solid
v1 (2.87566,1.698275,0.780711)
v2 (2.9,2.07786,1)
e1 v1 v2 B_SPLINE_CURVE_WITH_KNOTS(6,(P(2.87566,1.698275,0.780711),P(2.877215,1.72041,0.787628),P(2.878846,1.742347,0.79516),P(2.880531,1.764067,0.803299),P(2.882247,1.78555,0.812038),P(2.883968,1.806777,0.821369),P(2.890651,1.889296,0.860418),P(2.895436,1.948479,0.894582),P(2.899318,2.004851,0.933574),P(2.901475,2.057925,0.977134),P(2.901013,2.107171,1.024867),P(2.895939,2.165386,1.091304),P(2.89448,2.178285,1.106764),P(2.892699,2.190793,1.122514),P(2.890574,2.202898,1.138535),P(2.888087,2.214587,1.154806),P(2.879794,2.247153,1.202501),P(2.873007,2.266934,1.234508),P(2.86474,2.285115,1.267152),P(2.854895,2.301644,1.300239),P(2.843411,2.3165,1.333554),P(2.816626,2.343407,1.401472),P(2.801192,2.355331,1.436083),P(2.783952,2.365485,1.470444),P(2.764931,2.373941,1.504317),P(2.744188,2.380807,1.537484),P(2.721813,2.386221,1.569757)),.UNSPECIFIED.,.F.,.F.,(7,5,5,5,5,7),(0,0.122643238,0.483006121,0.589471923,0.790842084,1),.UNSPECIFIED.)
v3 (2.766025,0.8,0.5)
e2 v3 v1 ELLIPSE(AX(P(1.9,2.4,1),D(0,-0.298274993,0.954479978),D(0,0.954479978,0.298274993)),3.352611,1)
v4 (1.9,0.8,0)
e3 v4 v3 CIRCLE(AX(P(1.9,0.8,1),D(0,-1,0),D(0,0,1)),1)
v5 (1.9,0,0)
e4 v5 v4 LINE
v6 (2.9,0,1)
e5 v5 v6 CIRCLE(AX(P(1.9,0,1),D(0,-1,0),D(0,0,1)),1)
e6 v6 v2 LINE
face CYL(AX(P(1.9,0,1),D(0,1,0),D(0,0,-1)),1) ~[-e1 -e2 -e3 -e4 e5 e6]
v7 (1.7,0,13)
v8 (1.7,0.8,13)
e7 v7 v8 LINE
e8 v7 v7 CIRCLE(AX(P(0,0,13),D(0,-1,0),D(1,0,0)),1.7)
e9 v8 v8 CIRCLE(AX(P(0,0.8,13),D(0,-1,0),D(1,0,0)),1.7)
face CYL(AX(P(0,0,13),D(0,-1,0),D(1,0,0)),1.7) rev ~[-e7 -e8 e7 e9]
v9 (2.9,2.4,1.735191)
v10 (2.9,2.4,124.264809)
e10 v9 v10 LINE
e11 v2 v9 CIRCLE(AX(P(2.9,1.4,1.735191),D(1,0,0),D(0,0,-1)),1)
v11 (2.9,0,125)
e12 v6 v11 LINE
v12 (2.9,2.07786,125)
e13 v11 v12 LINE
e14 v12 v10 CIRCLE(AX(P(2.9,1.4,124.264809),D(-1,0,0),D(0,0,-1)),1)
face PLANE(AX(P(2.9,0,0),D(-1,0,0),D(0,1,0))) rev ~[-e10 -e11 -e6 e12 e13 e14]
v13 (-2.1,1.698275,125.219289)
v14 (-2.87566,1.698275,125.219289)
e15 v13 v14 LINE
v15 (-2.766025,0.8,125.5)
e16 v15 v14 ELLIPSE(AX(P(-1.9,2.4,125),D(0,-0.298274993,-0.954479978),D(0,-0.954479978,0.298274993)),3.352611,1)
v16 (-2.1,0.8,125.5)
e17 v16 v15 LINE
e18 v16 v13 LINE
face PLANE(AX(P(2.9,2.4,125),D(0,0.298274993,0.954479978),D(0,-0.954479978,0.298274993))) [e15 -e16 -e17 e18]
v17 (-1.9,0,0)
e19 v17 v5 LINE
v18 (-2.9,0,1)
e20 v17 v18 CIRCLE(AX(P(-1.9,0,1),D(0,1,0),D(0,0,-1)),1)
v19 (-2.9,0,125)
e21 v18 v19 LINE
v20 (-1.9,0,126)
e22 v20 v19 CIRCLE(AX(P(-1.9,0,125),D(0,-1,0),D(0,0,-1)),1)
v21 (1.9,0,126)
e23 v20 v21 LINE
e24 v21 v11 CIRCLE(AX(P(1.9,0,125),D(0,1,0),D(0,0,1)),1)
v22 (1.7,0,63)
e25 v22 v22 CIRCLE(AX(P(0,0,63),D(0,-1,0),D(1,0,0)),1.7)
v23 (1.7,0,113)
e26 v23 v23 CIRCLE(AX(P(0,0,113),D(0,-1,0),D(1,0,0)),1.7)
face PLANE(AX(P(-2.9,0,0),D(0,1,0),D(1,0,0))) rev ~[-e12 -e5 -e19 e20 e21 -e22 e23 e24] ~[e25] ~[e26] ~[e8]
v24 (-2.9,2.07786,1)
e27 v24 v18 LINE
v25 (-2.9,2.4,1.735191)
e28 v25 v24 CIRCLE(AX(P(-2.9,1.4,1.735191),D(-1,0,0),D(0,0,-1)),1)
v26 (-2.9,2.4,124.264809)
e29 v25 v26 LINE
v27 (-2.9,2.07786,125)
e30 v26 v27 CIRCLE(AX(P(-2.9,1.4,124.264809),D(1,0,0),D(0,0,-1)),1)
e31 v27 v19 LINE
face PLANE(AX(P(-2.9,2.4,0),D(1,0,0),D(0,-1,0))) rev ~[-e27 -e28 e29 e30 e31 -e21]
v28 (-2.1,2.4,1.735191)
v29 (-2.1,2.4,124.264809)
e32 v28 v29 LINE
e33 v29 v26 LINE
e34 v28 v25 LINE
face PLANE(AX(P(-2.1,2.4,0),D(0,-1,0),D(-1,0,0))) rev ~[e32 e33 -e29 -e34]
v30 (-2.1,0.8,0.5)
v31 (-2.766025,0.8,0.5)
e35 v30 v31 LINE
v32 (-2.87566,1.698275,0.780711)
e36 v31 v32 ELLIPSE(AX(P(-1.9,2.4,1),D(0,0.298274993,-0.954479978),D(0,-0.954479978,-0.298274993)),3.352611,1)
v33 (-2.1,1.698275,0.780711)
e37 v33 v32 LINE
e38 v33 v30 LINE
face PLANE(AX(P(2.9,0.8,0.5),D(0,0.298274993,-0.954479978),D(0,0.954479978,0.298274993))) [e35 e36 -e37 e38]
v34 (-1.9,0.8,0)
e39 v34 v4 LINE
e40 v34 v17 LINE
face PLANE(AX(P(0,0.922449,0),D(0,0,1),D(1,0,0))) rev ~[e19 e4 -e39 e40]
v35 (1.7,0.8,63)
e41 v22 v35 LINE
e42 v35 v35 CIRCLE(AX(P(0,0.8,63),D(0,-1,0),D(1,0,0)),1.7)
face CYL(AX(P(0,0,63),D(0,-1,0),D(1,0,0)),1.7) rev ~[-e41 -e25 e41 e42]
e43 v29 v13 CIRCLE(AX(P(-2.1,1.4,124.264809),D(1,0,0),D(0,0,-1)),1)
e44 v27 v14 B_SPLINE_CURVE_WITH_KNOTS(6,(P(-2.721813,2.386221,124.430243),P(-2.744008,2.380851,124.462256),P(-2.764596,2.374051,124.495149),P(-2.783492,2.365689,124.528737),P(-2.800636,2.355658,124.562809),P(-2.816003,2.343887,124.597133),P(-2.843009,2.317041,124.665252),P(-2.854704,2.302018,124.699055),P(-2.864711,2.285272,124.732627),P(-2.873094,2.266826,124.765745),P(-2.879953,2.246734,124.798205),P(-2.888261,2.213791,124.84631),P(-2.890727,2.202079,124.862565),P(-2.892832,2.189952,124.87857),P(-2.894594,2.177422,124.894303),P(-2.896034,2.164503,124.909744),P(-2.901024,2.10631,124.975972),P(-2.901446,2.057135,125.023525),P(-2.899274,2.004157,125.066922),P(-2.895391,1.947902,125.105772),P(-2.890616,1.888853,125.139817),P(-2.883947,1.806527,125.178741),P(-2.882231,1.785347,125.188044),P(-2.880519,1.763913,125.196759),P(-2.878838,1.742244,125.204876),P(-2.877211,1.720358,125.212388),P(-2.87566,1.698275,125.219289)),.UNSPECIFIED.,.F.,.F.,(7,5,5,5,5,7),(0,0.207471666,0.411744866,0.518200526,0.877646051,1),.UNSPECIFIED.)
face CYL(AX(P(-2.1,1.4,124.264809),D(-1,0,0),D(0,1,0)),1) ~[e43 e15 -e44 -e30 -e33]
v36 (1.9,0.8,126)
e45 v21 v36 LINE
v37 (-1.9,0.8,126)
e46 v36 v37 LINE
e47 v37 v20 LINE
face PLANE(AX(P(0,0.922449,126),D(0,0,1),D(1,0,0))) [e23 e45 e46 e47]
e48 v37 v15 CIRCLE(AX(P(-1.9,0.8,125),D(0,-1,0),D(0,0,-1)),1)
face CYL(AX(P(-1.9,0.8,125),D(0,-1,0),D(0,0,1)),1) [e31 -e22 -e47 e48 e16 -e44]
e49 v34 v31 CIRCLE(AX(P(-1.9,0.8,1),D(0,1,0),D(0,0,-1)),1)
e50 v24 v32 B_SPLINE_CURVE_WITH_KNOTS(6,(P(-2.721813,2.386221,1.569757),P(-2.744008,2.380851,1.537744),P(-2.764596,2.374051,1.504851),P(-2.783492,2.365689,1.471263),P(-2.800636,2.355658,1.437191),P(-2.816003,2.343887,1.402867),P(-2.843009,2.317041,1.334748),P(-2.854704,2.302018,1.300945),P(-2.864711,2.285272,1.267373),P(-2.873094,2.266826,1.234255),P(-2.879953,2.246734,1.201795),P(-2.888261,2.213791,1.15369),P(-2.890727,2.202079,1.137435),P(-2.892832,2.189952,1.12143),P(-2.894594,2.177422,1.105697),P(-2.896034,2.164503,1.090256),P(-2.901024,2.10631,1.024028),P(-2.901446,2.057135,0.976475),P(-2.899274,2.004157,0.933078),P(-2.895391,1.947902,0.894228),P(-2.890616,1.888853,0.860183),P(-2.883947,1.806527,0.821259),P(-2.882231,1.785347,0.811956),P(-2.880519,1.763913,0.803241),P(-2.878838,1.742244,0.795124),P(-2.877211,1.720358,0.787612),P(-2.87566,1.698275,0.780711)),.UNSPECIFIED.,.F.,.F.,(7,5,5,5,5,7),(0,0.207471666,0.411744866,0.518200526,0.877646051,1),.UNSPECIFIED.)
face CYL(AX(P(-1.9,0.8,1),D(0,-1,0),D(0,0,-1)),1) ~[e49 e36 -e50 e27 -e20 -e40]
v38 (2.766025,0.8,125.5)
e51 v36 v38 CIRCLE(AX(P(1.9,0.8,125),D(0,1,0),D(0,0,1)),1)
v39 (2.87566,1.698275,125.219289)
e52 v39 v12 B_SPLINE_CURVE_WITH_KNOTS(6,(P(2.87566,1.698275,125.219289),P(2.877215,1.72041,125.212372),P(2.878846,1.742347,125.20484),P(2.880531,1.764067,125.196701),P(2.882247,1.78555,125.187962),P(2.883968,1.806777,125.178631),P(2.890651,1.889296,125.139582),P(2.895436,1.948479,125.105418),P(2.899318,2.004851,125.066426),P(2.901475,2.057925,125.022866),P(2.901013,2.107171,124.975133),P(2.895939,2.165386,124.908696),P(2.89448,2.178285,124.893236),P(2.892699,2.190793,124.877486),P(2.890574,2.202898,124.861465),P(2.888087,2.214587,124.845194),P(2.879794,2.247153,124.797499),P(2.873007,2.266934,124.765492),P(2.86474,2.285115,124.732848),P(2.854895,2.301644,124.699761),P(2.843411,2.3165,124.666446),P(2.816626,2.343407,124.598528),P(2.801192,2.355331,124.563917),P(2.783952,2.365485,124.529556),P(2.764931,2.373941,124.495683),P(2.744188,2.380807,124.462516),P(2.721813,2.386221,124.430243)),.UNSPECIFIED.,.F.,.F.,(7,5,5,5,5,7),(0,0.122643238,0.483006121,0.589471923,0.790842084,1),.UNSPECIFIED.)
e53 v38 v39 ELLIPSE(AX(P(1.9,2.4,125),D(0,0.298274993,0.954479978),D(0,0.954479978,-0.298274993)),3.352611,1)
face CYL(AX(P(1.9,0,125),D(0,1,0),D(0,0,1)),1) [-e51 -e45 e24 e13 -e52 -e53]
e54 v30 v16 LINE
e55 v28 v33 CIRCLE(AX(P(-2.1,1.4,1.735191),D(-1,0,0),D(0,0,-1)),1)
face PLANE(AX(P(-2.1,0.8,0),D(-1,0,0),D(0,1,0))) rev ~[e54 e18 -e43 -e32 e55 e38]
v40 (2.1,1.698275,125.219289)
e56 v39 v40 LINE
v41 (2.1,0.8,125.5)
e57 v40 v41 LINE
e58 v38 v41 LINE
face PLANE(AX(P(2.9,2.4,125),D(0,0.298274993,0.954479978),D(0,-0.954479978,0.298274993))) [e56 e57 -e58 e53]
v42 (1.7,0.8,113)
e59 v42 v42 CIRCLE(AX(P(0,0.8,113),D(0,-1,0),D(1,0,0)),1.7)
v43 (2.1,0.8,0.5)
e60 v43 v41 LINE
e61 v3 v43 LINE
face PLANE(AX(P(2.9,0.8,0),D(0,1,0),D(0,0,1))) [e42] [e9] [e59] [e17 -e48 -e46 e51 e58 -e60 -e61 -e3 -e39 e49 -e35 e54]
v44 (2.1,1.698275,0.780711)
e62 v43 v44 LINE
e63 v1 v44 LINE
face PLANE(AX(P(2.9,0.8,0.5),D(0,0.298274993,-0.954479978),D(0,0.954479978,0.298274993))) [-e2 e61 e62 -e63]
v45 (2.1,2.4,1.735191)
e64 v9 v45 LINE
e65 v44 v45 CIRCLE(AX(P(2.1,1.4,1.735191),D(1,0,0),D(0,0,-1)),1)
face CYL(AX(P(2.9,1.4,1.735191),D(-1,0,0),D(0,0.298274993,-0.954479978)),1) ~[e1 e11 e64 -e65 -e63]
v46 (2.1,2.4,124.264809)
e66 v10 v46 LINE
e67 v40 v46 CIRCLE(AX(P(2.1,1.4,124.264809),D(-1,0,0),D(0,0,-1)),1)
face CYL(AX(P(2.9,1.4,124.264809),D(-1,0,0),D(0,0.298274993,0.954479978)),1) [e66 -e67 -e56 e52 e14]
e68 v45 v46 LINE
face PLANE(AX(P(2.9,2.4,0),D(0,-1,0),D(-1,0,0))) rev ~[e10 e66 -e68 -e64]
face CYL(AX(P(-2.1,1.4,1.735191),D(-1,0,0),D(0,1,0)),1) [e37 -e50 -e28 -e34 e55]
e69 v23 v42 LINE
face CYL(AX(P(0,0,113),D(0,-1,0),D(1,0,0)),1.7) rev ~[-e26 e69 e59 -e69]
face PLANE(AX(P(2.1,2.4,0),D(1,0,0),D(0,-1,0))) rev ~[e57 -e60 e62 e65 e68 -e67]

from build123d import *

# Parameters (mm, degrees)
PAD_DEPTH       = 126
POCKET_DEPTH    = 5.801
FILLET_R        = 1
FILLET001_R     = 1
SKETCH002_R     = 1.7
POCKET001_DEPTH = 5


with BuildPart() as part:
    # Sketch → Pad (new body)
    with BuildSketch(Plane.XY):
        Polygon((-2.9, 0), (2.9, 0), (2.9, 2.4), (2.1, 2.4), (2.1, 0.8), (-2.1, 0.8), (-2.1, 2.4), (-2.9, 2.4), align=None)
    extrude(amount=PAD_DEPTH)

    # Sketch001 → Pocket (cut, through all)
    with BuildSketch(Plane.YZ.offset(2.9)):
        Polygon((0.8, 0), (0.8, 0.5), (2.4, 1), (2.4, 0), align=None)
        Polygon((0.8, 126), (2.4, 126), (2.4, 125), (0.8, 125.5), align=None)
    extrude(amount=-POCKET_DEPTH, mode=Mode.SUBTRACT)

    # Fillet
    fillet_edges = [part.edges().sort_by_distance(p)[0] for p in [
        (2.9, 0.4, 126),
        (-2.9, 0.4, 126),
        (2.9, 0.4, 0),
        (-2.9, 0.4, 0),
    ]]
    fillet(fillet_edges, radius=FILLET_R)

    # Fillet001
    fillet001_edges = [part.edges().sort_by_distance(p)[0] for p in [
        (2.5, 2.4, 1),
        (-2.5, 2.4, 1),
        (2.5, 2.4, 125),
        (-2.5, 2.4, 125),
    ]]
    fillet(fillet001_edges, radius=FILLET001_R)

    # Sketch002 → Pocket001 (cut)
    with BuildSketch(Plane.XZ):
        with Locations((0, 63)):
            Circle(SKETCH002_R)
        with Locations((0, 113)):
            Circle(SKETCH002_R)
        with Locations((0, 13)):
            Circle(SKETCH002_R)
    extrude(amount=-POCKET001_DEPTH, mode=Mode.SUBTRACT)


solid = part.part
